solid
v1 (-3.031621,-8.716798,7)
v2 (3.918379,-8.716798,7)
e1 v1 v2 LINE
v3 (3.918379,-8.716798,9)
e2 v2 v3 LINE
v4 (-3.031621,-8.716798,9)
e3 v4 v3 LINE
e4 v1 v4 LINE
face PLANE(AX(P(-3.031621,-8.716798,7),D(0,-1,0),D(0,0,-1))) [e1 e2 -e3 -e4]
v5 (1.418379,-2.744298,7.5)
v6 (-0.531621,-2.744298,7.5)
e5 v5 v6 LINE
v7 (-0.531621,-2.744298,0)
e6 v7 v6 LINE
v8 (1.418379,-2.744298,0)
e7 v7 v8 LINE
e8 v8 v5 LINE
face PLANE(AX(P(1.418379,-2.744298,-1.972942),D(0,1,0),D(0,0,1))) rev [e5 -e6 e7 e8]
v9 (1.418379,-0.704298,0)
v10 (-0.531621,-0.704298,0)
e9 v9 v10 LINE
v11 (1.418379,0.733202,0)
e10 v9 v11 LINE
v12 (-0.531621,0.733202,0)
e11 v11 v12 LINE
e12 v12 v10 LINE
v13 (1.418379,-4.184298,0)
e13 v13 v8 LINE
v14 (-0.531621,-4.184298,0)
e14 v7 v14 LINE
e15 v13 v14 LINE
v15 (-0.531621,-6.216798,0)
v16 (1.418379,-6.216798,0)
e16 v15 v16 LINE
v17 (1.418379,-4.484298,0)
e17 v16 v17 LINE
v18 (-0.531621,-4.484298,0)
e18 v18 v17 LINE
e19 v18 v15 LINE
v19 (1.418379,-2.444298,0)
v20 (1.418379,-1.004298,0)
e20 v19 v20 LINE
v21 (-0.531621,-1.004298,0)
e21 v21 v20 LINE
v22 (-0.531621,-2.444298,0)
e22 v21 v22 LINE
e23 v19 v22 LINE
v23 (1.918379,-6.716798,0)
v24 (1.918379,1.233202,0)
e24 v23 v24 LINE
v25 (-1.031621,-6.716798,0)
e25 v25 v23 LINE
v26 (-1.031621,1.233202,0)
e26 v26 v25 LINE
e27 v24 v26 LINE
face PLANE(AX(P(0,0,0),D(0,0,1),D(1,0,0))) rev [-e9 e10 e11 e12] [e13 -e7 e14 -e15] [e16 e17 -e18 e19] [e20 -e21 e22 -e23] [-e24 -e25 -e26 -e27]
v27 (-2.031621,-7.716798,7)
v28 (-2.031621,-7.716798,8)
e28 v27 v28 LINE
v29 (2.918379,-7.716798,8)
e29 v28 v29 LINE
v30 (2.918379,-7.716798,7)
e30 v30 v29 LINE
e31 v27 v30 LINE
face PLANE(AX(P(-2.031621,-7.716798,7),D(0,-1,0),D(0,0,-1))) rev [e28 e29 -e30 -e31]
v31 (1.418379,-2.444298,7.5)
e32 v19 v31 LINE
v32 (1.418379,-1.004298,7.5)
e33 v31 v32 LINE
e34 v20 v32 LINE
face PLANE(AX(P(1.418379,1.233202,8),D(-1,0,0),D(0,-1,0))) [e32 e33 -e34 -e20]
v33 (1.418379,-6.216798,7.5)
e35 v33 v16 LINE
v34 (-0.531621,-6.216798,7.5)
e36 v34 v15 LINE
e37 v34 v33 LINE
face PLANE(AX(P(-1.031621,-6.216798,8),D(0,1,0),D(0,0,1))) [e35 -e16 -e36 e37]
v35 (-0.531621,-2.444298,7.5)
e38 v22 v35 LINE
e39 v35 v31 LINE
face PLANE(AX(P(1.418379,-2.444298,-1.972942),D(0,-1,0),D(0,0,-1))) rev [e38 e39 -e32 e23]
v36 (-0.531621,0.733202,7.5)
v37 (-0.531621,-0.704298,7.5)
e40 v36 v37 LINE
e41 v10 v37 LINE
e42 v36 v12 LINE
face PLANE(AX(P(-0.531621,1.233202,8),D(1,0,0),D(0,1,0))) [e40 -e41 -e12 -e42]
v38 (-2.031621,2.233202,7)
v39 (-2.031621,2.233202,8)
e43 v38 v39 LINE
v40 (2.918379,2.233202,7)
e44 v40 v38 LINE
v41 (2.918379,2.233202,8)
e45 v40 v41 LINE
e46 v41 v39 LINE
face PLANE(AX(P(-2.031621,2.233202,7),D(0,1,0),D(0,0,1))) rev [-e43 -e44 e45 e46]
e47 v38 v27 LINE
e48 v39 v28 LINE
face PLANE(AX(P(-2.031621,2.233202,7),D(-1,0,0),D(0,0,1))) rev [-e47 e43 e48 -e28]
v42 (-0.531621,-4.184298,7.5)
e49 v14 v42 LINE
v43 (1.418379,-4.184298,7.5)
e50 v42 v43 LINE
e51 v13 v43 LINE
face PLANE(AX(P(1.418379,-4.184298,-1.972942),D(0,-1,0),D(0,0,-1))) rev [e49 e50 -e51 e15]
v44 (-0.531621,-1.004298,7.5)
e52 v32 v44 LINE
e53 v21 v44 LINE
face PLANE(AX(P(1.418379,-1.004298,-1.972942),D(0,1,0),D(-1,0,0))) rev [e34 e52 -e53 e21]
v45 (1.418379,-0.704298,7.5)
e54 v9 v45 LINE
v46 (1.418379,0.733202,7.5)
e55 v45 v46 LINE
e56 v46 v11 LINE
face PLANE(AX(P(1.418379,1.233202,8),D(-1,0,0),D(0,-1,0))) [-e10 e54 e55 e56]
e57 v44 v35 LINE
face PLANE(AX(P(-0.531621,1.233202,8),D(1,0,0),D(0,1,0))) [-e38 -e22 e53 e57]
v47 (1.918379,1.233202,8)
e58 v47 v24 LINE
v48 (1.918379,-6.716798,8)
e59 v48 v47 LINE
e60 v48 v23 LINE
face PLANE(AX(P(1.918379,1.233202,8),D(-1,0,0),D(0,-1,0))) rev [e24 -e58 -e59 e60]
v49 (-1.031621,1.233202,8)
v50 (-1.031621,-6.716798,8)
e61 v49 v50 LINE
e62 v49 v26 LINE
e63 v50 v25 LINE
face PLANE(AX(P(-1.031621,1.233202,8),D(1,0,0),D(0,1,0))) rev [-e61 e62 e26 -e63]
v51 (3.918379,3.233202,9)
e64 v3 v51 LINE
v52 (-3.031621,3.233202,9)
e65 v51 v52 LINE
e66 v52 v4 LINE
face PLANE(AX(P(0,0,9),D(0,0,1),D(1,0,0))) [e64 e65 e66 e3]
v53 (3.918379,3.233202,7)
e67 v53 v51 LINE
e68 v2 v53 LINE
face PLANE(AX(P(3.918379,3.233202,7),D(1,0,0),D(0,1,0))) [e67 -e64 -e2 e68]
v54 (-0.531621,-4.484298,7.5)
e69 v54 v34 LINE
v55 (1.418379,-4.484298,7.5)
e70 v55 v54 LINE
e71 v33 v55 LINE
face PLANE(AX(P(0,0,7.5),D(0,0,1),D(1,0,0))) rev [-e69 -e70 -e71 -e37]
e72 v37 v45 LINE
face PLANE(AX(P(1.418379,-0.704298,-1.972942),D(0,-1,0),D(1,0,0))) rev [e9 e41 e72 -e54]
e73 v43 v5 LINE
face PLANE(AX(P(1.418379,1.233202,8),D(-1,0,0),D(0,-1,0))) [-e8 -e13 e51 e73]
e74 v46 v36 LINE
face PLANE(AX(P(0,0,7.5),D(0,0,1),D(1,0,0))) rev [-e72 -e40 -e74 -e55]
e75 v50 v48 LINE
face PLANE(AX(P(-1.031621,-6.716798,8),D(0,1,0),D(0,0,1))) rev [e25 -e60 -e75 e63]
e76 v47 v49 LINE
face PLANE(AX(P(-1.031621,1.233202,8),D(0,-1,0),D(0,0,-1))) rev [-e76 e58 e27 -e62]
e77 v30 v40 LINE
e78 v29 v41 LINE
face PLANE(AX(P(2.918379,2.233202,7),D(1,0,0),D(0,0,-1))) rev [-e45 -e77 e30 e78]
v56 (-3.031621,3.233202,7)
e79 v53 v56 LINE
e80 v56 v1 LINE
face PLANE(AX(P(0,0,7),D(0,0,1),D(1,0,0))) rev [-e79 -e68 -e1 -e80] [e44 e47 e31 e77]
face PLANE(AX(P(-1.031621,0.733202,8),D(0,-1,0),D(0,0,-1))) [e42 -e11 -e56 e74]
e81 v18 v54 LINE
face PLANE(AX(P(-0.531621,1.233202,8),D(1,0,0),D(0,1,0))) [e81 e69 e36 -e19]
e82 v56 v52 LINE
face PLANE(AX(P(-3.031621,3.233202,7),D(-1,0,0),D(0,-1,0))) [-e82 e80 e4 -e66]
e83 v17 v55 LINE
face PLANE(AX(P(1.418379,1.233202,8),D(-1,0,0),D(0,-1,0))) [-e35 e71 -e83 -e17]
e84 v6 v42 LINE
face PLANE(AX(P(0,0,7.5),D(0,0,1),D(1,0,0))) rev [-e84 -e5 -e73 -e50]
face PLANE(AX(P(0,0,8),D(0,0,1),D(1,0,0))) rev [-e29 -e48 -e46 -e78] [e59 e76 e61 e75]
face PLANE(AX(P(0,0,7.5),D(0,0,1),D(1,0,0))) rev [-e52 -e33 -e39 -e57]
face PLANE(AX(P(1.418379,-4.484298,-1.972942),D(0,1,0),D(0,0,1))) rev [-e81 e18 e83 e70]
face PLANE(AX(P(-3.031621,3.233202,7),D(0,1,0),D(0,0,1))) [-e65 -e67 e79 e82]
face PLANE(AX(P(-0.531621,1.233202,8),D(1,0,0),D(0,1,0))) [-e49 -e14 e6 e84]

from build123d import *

# Parameters (mm, degrees)
SKETCH1_W           = 2.95
SKETCH1_H           = 7.95
BOSS_EXTRUDE1_DEPTH = 8
SHELL1_T            = -0.5
SKETCH2_W           = 4.95
SKETCH2_H           = 9.95
BOSS_EXTRUDE2_DEPTH = 1
SKETCH3_W           = 1.95
SKETCH3_H           = 0.3
BOSS_EXTRUDE3_DEPTH = 7.5
SKETCH4_W           = 6.95
SKETCH4_H           = 11.95
SKETCH4_W_2         = 4.95
SKETCH4_H_2         = 9.95
BOSS_EXTRUDE5_DEPTH = 2


with BuildPart() as part:
    # Sketch1 → Boss-Extrude1 (new body)
    with BuildSketch(Plane.XY):
        with Locations((0.443379447, -2.741798419)):
            Rectangle(SKETCH1_W, SKETCH1_H)
    extrude(amount=BOSS_EXTRUDE1_DEPTH)

    # Shell1
    shell1_openings = [part.faces().sort_by_distance(p)[0] for p in [
        (0.443379447, -2.741798419, 0),
    ]]
    offset(amount=SHELL1_T, openings=shell1_openings, kind=Kind.INTERSECTION)

    # Sketch2 → Boss-Extrude2 (add)
    with BuildSketch(Plane.XY.offset(8)):
        with Locations((0.443379447, -2.741798419)):
            Rectangle(SKETCH2_W, SKETCH2_H)
    extrude(amount=BOSS_EXTRUDE2_DEPTH)

    # Sketch3 → Boss-Extrude3 (add)
    with BuildSketch(Plane(origin=(0, 0, 7.5), x_dir=(-1, 0, 0), z_dir=(0, 0, -1))):
        with Locations((-0.443379447, -0.854298419)):
            Rectangle(SKETCH3_W, SKETCH3_H)
        with Locations((-0.443379447, -2.594298419)):
            Rectangle(SKETCH3_W, SKETCH3_H)
        with Locations((-0.443379447, -4.334298419)):
            Rectangle(SKETCH3_W, SKETCH3_H)
    extrude(amount=BOSS_EXTRUDE3_DEPTH)

    # Sketch4 → Boss-Extrude5 (add)
    with BuildSketch(Plane.XY.offset(9)):
        with Locations((0.443379447, -2.741798419)):
            Rectangle(SKETCH4_W, SKETCH4_H)
        with Locations((0.443379447, -2.741798419)):
            Rectangle(SKETCH4_W_2, SKETCH4_H_2, mode=Mode.SUBTRACT)
    extrude(amount=-BOSS_EXTRUDE5_DEPTH)


solid = part.part
